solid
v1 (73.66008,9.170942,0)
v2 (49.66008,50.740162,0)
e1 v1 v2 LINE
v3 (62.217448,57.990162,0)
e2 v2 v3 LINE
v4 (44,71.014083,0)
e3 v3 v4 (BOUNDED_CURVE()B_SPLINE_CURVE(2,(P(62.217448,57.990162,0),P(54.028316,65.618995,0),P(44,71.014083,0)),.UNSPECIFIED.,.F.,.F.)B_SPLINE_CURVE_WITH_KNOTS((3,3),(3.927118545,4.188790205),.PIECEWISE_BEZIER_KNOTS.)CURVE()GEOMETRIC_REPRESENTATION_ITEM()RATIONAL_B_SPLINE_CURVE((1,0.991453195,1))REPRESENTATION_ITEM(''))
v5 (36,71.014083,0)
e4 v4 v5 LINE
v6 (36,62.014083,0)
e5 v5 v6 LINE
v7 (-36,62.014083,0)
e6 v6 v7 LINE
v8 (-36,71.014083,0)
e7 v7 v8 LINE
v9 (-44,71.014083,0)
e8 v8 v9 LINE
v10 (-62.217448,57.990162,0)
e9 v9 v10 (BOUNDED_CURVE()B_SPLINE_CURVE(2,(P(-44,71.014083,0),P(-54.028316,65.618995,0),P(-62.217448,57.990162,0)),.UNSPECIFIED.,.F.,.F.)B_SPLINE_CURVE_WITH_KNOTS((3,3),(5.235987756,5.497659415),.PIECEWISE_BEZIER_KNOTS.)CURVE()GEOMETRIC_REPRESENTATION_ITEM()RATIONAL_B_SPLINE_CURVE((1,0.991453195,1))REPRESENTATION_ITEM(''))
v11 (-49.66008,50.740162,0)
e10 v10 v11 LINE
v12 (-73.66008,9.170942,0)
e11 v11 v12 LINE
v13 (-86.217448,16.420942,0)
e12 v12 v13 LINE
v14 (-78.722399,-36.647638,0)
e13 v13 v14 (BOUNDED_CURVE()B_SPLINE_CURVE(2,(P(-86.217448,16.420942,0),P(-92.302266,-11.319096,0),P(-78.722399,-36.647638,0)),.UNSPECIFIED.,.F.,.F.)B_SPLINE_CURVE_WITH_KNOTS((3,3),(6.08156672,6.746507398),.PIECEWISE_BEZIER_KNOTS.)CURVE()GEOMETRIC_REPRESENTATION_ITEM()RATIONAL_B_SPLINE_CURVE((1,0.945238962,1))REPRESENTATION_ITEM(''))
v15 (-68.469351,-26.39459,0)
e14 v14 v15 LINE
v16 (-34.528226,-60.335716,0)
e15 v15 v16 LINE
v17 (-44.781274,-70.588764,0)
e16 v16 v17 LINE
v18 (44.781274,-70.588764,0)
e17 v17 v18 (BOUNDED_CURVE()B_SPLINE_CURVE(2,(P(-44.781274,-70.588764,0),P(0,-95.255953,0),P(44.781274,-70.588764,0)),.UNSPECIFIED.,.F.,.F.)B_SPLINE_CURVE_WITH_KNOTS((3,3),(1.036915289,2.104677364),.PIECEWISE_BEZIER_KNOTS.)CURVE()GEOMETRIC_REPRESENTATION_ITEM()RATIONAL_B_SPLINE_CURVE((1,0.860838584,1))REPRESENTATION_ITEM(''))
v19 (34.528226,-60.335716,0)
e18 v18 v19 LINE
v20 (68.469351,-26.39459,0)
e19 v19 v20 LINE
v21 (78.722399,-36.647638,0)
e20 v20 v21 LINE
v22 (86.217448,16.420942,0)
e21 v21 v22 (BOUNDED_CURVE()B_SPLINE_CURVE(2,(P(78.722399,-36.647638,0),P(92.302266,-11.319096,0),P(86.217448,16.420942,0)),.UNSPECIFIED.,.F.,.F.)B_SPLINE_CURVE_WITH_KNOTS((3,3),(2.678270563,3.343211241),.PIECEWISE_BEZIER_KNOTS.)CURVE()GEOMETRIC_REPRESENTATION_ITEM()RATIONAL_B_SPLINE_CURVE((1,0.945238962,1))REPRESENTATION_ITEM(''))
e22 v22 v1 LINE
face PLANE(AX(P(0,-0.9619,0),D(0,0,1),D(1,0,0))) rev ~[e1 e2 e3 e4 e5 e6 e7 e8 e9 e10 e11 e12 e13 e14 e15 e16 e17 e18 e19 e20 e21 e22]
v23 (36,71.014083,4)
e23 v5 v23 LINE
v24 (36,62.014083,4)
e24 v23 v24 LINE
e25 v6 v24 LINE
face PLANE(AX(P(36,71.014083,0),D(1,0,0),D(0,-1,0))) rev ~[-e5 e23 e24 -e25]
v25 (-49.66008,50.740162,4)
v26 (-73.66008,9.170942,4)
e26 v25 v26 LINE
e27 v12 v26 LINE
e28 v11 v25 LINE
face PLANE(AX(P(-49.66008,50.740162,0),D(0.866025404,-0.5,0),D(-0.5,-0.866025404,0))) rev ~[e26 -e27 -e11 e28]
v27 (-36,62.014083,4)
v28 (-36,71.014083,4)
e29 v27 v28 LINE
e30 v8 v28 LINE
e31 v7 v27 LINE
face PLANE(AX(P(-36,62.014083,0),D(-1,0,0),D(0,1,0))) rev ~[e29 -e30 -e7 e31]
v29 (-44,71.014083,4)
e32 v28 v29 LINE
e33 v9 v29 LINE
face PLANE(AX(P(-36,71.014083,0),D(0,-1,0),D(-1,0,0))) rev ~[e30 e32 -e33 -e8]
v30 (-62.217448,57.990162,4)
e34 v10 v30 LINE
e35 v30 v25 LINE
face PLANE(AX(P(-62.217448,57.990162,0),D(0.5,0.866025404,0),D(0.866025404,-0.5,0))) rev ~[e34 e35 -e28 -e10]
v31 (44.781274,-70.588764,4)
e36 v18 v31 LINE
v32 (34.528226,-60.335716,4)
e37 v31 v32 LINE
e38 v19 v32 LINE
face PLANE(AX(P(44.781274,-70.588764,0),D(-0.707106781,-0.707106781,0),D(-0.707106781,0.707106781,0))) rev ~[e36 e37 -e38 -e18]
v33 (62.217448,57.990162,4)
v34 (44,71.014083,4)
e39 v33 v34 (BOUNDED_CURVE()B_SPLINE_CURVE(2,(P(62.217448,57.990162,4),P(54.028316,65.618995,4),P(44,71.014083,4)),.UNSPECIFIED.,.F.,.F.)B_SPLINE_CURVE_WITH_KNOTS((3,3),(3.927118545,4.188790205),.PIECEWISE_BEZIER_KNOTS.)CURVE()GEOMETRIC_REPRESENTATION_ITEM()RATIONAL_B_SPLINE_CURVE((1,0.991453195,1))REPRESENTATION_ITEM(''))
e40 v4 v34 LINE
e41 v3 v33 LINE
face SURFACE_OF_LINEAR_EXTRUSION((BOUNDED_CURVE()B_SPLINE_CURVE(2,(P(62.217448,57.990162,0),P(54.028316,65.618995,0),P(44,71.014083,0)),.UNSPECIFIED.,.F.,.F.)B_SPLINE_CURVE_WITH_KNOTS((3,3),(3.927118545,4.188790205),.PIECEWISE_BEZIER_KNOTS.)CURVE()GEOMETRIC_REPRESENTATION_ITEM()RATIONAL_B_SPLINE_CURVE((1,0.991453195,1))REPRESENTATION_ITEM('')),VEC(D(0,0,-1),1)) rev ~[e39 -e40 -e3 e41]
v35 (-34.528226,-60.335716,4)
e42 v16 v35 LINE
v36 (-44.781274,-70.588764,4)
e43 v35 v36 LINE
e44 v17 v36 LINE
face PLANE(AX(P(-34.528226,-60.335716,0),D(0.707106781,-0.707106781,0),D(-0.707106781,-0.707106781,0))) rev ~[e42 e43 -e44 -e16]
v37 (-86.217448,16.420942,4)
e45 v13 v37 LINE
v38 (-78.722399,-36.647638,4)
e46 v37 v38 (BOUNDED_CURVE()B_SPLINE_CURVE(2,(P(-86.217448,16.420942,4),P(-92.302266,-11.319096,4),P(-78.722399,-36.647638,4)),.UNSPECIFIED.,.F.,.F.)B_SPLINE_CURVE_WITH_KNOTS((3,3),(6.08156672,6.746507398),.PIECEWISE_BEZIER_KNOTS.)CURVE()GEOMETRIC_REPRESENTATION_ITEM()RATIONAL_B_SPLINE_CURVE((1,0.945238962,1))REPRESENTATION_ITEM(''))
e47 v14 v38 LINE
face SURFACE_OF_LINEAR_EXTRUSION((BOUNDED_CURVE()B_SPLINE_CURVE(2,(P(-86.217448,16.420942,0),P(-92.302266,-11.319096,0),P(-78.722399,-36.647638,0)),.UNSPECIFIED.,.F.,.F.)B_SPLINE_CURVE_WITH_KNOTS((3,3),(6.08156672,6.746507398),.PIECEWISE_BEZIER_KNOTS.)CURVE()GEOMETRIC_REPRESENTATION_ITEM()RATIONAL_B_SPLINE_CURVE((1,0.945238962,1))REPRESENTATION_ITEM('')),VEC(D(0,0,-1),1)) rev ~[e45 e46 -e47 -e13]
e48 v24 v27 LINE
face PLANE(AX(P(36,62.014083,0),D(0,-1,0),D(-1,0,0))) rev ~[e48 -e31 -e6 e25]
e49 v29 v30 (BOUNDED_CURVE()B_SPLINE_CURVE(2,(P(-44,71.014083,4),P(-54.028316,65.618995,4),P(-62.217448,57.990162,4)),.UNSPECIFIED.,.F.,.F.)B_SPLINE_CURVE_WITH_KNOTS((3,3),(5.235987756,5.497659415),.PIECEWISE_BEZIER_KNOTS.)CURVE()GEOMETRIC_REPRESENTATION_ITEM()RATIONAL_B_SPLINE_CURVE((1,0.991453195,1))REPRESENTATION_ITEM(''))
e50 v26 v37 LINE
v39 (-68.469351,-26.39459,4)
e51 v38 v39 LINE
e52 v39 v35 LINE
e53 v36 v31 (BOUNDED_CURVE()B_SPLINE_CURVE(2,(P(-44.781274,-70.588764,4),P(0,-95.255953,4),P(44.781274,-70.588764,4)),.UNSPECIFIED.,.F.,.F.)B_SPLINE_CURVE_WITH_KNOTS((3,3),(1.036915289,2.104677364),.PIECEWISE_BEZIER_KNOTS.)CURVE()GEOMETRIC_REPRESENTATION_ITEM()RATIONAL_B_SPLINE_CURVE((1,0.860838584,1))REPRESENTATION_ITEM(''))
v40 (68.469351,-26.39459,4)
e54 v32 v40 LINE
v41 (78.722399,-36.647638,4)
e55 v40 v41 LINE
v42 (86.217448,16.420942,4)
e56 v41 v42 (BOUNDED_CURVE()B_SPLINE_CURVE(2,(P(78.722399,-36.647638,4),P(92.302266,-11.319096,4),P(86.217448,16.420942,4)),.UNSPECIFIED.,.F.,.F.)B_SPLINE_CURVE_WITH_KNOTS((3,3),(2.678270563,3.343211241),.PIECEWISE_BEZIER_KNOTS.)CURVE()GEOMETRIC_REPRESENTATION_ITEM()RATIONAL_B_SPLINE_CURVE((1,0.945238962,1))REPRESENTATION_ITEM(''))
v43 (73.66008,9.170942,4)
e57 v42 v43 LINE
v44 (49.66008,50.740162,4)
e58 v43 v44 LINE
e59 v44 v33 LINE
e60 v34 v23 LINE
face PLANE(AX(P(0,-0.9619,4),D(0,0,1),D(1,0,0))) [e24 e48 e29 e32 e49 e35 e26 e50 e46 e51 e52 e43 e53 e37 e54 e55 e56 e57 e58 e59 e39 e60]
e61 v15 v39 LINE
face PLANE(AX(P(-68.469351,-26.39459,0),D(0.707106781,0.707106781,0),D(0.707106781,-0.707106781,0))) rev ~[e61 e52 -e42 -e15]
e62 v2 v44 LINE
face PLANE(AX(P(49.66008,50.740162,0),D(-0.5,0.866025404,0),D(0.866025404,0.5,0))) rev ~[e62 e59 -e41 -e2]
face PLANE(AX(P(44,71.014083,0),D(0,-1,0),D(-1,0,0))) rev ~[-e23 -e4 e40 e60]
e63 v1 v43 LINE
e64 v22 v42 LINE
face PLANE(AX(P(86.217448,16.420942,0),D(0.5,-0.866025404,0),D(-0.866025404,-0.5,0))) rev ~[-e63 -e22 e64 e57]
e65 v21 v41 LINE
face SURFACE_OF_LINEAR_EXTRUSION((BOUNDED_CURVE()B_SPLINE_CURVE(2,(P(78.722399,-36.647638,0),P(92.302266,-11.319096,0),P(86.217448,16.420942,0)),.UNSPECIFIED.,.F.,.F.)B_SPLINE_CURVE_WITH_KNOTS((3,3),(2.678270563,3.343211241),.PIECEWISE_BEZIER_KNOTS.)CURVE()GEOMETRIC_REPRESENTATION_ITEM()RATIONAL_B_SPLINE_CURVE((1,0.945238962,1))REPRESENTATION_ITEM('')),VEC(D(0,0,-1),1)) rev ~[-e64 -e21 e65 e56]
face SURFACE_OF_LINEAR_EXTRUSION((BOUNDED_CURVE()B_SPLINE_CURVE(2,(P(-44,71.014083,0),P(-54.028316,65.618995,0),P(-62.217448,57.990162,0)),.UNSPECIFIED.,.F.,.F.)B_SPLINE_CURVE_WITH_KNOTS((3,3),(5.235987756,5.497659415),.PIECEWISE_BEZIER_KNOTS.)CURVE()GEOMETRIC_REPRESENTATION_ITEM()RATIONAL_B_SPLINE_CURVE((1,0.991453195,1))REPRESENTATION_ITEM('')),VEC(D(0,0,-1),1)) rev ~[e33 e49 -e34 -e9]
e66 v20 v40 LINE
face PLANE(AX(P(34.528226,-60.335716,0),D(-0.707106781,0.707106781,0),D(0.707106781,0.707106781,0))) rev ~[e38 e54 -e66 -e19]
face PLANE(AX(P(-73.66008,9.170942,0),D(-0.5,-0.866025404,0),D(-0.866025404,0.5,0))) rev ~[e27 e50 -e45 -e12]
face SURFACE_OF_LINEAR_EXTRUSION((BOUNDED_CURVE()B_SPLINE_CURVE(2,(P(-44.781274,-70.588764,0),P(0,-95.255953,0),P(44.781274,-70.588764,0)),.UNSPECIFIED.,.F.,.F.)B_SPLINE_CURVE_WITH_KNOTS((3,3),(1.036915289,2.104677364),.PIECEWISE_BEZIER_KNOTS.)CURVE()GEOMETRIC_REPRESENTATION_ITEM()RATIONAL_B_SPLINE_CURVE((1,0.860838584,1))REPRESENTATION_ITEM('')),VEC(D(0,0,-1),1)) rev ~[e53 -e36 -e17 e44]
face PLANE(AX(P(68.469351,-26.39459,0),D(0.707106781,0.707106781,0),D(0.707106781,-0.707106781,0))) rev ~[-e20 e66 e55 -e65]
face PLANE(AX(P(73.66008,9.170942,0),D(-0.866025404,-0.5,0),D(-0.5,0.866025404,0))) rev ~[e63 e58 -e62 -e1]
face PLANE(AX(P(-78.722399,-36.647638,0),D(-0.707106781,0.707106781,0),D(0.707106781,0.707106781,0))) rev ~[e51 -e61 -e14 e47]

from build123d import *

# Parameters (mm, degrees)
F1_DEPTH = 4


with BuildPart() as f1:
    # F0 (on Top) → F1 (new body)
    with BuildSketch(Plane.XY):
        with BuildLine():
            Line((-36, 71.0140831103), (-44, 71.0140831103))
            add(Edge.make_bspline(
                [(-44, 71.0140831103), (-54.0283164257, 65.6189945034), (-62.2174482843, 57.990161631)],
                knots=[5.235987756, 5.235987756, 5.235987756, 5.4976594153, 5.4976594153, 5.4976594153], degree=2, weights=[1, 0.9914531953, 1]))
            Line((-62.2174482843, 57.990161631), (-49.6600799294, 50.740161631))
            Line((-49.6600799294, 50.740161631), (-73.6600799294, 9.1709422494))
            Line((-73.6600799294, 9.1709422494), (-86.2174482843, 16.4209422494))
            add(Edge.make_bspline(
                [(-86.2174482843, 16.4209422494), (-92.3022663318, -11.319095525), (-78.7223993606, -36.6476383594)],
                knots=[6.0815667198, 6.0815667198, 6.0815667198, 6.7465073975, 6.7465073975, 6.7465073975], degree=2, weights=[1, 0.9452389616, 1]))
            Line((-78.7223993606, -36.6476383594), (-68.4693510334, -26.3945900322))
            Line((-68.4693510334, -26.3945900322), (-34.5282255364, -60.3357155292))
            Line((-34.5282255364, -60.3357155292), (-44.7812738636, -70.5887638564))
            add(Edge.make_bspline(
                [(-44.7812738636, -70.5887638564), (0, -95.2559533934), (44.7812738636, -70.5887638564)],
                knots=[1.0369152893, 1.0369152893, 1.0369152893, 2.1046773643, 2.1046773643, 2.1046773643], degree=2, weights=[1, 0.8608385836, 1]))
            Line((44.7812738636, -70.5887638564), (34.5282255364, -60.3357155292))
            Line((34.5282255364, -60.3357155292), (68.4693510334, -26.3945900322))
            Line((68.4693510334, -26.3945900322), (78.7223993606, -36.6476383594))
            add(Edge.make_bspline(
                [(78.7223993606, -36.6476383594), (92.3022663318, -11.319095525), (86.2174482843, 16.4209422494)],
                knots=[2.6782705633, 2.6782705633, 2.6782705633, 3.343211241, 3.343211241, 3.343211241], degree=2, weights=[1, 0.9452389616, 1]))
            Line((86.2174482843, 16.4209422494), (73.6600799294, 9.1709422494))
            Line((73.6600799294, 9.1709422494), (49.6600799294, 50.740161631))
            Line((49.6600799294, 50.740161631), (62.2174482843, 57.990161631))
            add(Edge.make_bspline(
                [(62.2174482843, 57.990161631), (54.0283164257, 65.6189945034), (44, 71.0140831103)],
                knots=[3.9271185454, 3.9271185454, 3.9271185454, 4.1887902048, 4.1887902048, 4.1887902048], degree=2, weights=[1, 0.9914531953, 1]))
            Line((44, 71.0140831103), (36, 71.0140831103))
            Line((36, 71.0140831103), (36, 62.0140831103))
            Line((36, 62.0140831103), (-36, 62.0140831103))
            Line((-36, 62.0140831103), (-36, 71.0140831103))
        make_face()
    extrude(amount=F1_DEPTH)


solid = f1.part
